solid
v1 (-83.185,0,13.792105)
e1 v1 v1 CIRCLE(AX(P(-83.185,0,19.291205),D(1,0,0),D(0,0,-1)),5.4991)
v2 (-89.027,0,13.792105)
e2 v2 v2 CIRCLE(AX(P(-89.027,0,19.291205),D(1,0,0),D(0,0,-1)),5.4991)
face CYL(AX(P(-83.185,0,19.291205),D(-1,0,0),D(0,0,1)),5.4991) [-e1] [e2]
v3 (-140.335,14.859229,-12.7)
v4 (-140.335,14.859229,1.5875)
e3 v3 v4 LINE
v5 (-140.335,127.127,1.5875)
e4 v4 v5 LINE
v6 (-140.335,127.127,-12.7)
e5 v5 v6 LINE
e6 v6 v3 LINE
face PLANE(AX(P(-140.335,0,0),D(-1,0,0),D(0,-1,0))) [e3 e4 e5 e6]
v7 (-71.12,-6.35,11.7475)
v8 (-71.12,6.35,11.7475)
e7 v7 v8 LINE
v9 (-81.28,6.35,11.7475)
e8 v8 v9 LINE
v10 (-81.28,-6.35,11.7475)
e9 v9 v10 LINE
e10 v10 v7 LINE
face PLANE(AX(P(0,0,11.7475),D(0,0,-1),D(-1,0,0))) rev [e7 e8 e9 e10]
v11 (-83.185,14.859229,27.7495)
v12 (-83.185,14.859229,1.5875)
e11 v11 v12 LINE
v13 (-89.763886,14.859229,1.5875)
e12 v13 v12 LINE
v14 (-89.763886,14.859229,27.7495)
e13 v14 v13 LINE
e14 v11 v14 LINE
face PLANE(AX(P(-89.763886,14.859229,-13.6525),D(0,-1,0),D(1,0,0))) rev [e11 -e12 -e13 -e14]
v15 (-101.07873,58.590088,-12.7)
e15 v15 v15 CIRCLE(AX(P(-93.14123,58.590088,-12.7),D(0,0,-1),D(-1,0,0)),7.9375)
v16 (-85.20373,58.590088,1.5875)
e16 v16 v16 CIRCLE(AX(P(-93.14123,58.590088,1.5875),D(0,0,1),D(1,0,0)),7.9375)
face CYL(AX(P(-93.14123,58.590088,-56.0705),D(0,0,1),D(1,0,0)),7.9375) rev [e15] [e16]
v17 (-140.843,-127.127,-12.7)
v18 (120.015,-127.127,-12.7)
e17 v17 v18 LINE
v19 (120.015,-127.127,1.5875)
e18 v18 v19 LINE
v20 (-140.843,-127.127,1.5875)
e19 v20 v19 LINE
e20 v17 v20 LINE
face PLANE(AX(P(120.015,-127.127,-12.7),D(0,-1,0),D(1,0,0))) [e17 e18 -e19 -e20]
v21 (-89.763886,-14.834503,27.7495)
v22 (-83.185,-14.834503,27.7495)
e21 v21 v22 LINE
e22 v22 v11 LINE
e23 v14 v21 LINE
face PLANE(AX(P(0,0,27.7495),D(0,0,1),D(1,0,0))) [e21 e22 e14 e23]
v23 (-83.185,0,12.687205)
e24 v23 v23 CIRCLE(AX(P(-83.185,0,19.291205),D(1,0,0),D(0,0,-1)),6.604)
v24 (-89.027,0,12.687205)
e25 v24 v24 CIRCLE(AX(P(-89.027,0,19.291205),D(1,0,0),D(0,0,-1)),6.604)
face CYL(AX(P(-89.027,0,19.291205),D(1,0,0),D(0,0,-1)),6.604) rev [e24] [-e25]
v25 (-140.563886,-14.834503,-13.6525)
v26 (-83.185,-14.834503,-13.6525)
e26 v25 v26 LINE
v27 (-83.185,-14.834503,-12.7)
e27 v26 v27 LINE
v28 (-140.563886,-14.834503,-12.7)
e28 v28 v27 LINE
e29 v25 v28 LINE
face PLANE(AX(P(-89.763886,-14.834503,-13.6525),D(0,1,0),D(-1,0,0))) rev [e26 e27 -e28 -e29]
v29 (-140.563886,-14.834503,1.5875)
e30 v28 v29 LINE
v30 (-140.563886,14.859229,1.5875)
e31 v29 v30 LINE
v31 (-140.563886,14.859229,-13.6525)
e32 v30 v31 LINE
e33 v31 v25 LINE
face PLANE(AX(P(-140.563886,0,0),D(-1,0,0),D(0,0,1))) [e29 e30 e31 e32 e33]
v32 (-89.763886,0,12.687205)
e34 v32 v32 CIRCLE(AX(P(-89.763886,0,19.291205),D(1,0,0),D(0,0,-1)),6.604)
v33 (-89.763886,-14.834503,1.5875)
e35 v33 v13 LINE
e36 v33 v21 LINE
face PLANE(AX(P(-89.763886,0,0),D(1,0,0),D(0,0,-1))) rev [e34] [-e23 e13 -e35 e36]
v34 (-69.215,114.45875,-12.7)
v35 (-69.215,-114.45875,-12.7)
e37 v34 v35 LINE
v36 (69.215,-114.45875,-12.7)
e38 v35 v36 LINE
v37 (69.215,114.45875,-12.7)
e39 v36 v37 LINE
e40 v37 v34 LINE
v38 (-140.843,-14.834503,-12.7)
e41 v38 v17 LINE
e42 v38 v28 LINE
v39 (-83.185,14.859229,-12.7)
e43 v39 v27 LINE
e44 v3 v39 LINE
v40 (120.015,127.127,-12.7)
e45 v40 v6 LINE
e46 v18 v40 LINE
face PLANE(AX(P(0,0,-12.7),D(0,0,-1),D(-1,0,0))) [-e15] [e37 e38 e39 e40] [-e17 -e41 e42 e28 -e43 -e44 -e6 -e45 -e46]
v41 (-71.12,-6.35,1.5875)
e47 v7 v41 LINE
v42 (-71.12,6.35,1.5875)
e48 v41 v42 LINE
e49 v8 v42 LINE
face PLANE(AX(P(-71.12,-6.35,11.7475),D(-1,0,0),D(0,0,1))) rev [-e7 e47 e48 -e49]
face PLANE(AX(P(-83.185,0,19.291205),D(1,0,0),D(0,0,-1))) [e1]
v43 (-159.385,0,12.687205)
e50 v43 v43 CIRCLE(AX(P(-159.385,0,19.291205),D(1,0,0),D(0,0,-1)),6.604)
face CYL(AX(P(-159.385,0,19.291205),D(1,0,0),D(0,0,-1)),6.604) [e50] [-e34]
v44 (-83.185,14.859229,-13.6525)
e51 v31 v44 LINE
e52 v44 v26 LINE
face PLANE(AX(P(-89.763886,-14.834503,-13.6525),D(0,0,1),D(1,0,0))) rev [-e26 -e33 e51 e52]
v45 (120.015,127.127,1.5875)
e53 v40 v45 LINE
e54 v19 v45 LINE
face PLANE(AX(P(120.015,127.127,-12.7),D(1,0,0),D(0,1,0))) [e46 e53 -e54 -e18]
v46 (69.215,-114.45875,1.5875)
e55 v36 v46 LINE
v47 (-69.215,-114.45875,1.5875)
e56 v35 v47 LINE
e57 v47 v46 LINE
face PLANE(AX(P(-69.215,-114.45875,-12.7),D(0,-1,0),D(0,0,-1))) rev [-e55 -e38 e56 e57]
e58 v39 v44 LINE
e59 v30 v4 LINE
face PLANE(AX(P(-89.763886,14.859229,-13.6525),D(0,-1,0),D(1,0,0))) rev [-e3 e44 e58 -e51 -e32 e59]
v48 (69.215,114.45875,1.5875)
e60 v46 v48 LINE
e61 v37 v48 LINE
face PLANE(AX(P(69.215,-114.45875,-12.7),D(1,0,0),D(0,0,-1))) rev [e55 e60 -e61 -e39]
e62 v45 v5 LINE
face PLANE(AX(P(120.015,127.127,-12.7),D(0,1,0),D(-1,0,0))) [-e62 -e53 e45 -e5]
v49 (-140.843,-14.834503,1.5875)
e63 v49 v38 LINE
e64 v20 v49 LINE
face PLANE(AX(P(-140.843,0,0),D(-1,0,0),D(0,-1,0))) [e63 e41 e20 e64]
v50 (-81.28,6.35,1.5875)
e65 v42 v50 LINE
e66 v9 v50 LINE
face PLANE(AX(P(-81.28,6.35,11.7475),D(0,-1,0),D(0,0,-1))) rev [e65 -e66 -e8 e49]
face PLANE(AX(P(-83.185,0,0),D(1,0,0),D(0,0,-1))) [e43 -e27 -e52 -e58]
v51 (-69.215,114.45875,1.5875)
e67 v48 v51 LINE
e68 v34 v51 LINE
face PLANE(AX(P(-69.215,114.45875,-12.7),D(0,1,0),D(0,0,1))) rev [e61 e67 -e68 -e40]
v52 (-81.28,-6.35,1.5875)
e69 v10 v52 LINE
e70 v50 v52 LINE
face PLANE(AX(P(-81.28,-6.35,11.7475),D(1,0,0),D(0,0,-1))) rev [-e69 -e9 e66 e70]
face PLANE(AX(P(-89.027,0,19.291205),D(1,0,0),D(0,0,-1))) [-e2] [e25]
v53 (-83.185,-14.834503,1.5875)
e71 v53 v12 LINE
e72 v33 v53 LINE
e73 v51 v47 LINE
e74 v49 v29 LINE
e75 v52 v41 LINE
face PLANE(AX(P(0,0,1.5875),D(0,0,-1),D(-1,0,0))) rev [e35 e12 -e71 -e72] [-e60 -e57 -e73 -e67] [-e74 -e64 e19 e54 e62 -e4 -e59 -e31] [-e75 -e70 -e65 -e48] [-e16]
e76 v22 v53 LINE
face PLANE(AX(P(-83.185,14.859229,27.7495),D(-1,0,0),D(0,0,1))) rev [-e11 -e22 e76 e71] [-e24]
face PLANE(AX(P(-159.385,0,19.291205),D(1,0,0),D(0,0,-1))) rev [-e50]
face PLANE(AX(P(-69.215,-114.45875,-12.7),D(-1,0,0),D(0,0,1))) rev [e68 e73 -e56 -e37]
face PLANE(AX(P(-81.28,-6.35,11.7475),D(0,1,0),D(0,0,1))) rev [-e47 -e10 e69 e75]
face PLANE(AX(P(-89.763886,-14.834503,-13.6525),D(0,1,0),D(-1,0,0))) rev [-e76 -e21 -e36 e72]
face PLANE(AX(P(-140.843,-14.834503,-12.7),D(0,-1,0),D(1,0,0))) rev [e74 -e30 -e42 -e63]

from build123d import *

# Parameters (mm, degrees)
SKETCH1_W                = 203.2
SKETCH1_H                = 254.254
SKETCH1_W_2              = 138.43
SKETCH1_H_2              = 228.9175
BOSS_EXTRUDE1_DEPTH      = 1.5875
BOSS_EXTRUDE1_DEPTH_BACK = 12.7
SKETCH2_W                = 10.16
SKETCH2_H                = 12.7
BOSS_EXTRUDE2_DEPTH      = 10.16
SKETCH3_W                = 15.24
SKETCH3_H                = 29.693732077
BOSS_EXTRUDE3_DEPTH      = 6.578885717
SKETCH5_W                = 6.578885717
SKETCH5_H                = 29.693732077
BOSS_EXTRUDE4_DEPTH      = 26.162
SKETCH6_R                = 6.604
BOSS_EXTRUDE6_DEPTH      = 76.2
SKETCH11_R               = 6.604
CUT_EXTRUDE3_DEPTH       = 5.842
SKETCH13_R               = 5.4991
BOSS_EXTRUDE7_DEPTH      = 5.842
SKETCH15_W               = 15.24
SKETCH15_H               = 29.693732077
BOSS_EXTRUDE8_DEPTH      = 50.8
SKETCH16_W               = 14.2875
SKETCH16_H               = 112.267770999
BOSS_EXTRUDE9_DEPTH      = 57.15
SKETCH17_W               = 14.2875
SKETCH17_H               = 112.292496924
BOSS_EXTRUDE10_DEPTH     = 57.658
SKETCH18_R               = 7.9375
CUT_EXTRUDE4_DEPTH       = 57.658


with BuildPart() as part:
    # Sketch1 → Boss-Extrude1 (new body, two sides)
    with BuildSketch(Plane.XY) as boss_extrude1_sk:
        with Locations((18.415, 0)):
            Rectangle(SKETCH1_W, SKETCH1_H)
        Rectangle(SKETCH1_W_2, SKETCH1_H_2, mode=Mode.SUBTRACT)
    extrude(amount=BOSS_EXTRUDE1_DEPTH)
    extrude(boss_extrude1_sk.sketch, amount=-BOSS_EXTRUDE1_DEPTH_BACK)

    # Sketch2 → Boss-Extrude2 (add)
    with BuildSketch(Plane.XY.offset(1.5875)):
        with Locations((-76.2, 0)):
            Rectangle(SKETCH2_W, SKETCH2_H)
    extrude(amount=BOSS_EXTRUDE2_DEPTH)

    # Sketch3 → Boss-Extrude3 (add)
    with BuildSketch(Plane.ZY.offset(83.185)):
        with Locations((-6.0325, 0.012362963)):
            Rectangle(SKETCH3_W, SKETCH3_H)
    extrude(amount=BOSS_EXTRUDE3_DEPTH)

    # Sketch5 → Boss-Extrude4 (add)
    with BuildSketch(Plane.XY.offset(1.5875)):
        with Locations((-86.474442858, 0.012362963)):
            Rectangle(SKETCH5_W, SKETCH5_H)
    extrude(amount=BOSS_EXTRUDE4_DEPTH)

    # Sketch6 → Boss-Extrude6 (add)
    with BuildSketch(Plane(origin=(-83.185, 0, 0), x_dir=(0, 0, -1), z_dir=(1, 0, 0))):
        with Locations((-19.291204972, 0)):
            Circle(SKETCH6_R)
    extrude(amount=-BOSS_EXTRUDE6_DEPTH)

    # Sketch11 → Cut-Extrude3 (cut)
    with BuildSketch(Plane(origin=(-83.185, 0, 0), x_dir=(0, 0, -1), z_dir=(1, 0, 0))):
        with Locations((-19.291204972, 0)):
            Circle(SKETCH11_R)
    extrude(amount=-CUT_EXTRUDE3_DEPTH, mode=Mode.SUBTRACT)

    # Sketch13 → Boss-Extrude7 (add)
    with BuildSketch(Plane(origin=(-89.027, 0, 0), x_dir=(0, 0, -1), z_dir=(1, 0, 0))):
        with Locations((-19.291204972, 0)):
            Circle(SKETCH13_R)
    extrude(amount=BOSS_EXTRUDE7_DEPTH)

    # Sketch15 → Boss-Extrude8 (add)
    with BuildSketch(Plane.ZY.offset(89.763885717)):
        with Locations((-6.0325, 0.012362963)):
            Rectangle(SKETCH15_W, SKETCH15_H)
    extrude(amount=BOSS_EXTRUDE8_DEPTH)

    # Sketch16 → Boss-Extrude9 (add)
    with BuildSketch(Plane.ZY.offset(83.185)):
        with Locations((-5.55625, 70.9931145)):
            Rectangle(SKETCH16_W, SKETCH16_H)
    extrude(amount=BOSS_EXTRUDE9_DEPTH)

    # Sketch17 → Boss-Extrude10 (add)
    with BuildSketch(Plane.ZY.offset(83.185)):
        with Locations((-5.55625, -70.980751538)):
            Rectangle(SKETCH17_W, SKETCH17_H)
    extrude(amount=BOSS_EXTRUDE10_DEPTH)

    # Sketch18 → Cut-Extrude4 (cut)
    with BuildSketch(Plane.XY.offset(1.5875)):
        with Locations((-93.141229835, 58.590088082)):
            Circle(SKETCH18_R)
    extrude(amount=-CUT_EXTRUDE4_DEPTH, mode=Mode.SUBTRACT)


solid = part.part
